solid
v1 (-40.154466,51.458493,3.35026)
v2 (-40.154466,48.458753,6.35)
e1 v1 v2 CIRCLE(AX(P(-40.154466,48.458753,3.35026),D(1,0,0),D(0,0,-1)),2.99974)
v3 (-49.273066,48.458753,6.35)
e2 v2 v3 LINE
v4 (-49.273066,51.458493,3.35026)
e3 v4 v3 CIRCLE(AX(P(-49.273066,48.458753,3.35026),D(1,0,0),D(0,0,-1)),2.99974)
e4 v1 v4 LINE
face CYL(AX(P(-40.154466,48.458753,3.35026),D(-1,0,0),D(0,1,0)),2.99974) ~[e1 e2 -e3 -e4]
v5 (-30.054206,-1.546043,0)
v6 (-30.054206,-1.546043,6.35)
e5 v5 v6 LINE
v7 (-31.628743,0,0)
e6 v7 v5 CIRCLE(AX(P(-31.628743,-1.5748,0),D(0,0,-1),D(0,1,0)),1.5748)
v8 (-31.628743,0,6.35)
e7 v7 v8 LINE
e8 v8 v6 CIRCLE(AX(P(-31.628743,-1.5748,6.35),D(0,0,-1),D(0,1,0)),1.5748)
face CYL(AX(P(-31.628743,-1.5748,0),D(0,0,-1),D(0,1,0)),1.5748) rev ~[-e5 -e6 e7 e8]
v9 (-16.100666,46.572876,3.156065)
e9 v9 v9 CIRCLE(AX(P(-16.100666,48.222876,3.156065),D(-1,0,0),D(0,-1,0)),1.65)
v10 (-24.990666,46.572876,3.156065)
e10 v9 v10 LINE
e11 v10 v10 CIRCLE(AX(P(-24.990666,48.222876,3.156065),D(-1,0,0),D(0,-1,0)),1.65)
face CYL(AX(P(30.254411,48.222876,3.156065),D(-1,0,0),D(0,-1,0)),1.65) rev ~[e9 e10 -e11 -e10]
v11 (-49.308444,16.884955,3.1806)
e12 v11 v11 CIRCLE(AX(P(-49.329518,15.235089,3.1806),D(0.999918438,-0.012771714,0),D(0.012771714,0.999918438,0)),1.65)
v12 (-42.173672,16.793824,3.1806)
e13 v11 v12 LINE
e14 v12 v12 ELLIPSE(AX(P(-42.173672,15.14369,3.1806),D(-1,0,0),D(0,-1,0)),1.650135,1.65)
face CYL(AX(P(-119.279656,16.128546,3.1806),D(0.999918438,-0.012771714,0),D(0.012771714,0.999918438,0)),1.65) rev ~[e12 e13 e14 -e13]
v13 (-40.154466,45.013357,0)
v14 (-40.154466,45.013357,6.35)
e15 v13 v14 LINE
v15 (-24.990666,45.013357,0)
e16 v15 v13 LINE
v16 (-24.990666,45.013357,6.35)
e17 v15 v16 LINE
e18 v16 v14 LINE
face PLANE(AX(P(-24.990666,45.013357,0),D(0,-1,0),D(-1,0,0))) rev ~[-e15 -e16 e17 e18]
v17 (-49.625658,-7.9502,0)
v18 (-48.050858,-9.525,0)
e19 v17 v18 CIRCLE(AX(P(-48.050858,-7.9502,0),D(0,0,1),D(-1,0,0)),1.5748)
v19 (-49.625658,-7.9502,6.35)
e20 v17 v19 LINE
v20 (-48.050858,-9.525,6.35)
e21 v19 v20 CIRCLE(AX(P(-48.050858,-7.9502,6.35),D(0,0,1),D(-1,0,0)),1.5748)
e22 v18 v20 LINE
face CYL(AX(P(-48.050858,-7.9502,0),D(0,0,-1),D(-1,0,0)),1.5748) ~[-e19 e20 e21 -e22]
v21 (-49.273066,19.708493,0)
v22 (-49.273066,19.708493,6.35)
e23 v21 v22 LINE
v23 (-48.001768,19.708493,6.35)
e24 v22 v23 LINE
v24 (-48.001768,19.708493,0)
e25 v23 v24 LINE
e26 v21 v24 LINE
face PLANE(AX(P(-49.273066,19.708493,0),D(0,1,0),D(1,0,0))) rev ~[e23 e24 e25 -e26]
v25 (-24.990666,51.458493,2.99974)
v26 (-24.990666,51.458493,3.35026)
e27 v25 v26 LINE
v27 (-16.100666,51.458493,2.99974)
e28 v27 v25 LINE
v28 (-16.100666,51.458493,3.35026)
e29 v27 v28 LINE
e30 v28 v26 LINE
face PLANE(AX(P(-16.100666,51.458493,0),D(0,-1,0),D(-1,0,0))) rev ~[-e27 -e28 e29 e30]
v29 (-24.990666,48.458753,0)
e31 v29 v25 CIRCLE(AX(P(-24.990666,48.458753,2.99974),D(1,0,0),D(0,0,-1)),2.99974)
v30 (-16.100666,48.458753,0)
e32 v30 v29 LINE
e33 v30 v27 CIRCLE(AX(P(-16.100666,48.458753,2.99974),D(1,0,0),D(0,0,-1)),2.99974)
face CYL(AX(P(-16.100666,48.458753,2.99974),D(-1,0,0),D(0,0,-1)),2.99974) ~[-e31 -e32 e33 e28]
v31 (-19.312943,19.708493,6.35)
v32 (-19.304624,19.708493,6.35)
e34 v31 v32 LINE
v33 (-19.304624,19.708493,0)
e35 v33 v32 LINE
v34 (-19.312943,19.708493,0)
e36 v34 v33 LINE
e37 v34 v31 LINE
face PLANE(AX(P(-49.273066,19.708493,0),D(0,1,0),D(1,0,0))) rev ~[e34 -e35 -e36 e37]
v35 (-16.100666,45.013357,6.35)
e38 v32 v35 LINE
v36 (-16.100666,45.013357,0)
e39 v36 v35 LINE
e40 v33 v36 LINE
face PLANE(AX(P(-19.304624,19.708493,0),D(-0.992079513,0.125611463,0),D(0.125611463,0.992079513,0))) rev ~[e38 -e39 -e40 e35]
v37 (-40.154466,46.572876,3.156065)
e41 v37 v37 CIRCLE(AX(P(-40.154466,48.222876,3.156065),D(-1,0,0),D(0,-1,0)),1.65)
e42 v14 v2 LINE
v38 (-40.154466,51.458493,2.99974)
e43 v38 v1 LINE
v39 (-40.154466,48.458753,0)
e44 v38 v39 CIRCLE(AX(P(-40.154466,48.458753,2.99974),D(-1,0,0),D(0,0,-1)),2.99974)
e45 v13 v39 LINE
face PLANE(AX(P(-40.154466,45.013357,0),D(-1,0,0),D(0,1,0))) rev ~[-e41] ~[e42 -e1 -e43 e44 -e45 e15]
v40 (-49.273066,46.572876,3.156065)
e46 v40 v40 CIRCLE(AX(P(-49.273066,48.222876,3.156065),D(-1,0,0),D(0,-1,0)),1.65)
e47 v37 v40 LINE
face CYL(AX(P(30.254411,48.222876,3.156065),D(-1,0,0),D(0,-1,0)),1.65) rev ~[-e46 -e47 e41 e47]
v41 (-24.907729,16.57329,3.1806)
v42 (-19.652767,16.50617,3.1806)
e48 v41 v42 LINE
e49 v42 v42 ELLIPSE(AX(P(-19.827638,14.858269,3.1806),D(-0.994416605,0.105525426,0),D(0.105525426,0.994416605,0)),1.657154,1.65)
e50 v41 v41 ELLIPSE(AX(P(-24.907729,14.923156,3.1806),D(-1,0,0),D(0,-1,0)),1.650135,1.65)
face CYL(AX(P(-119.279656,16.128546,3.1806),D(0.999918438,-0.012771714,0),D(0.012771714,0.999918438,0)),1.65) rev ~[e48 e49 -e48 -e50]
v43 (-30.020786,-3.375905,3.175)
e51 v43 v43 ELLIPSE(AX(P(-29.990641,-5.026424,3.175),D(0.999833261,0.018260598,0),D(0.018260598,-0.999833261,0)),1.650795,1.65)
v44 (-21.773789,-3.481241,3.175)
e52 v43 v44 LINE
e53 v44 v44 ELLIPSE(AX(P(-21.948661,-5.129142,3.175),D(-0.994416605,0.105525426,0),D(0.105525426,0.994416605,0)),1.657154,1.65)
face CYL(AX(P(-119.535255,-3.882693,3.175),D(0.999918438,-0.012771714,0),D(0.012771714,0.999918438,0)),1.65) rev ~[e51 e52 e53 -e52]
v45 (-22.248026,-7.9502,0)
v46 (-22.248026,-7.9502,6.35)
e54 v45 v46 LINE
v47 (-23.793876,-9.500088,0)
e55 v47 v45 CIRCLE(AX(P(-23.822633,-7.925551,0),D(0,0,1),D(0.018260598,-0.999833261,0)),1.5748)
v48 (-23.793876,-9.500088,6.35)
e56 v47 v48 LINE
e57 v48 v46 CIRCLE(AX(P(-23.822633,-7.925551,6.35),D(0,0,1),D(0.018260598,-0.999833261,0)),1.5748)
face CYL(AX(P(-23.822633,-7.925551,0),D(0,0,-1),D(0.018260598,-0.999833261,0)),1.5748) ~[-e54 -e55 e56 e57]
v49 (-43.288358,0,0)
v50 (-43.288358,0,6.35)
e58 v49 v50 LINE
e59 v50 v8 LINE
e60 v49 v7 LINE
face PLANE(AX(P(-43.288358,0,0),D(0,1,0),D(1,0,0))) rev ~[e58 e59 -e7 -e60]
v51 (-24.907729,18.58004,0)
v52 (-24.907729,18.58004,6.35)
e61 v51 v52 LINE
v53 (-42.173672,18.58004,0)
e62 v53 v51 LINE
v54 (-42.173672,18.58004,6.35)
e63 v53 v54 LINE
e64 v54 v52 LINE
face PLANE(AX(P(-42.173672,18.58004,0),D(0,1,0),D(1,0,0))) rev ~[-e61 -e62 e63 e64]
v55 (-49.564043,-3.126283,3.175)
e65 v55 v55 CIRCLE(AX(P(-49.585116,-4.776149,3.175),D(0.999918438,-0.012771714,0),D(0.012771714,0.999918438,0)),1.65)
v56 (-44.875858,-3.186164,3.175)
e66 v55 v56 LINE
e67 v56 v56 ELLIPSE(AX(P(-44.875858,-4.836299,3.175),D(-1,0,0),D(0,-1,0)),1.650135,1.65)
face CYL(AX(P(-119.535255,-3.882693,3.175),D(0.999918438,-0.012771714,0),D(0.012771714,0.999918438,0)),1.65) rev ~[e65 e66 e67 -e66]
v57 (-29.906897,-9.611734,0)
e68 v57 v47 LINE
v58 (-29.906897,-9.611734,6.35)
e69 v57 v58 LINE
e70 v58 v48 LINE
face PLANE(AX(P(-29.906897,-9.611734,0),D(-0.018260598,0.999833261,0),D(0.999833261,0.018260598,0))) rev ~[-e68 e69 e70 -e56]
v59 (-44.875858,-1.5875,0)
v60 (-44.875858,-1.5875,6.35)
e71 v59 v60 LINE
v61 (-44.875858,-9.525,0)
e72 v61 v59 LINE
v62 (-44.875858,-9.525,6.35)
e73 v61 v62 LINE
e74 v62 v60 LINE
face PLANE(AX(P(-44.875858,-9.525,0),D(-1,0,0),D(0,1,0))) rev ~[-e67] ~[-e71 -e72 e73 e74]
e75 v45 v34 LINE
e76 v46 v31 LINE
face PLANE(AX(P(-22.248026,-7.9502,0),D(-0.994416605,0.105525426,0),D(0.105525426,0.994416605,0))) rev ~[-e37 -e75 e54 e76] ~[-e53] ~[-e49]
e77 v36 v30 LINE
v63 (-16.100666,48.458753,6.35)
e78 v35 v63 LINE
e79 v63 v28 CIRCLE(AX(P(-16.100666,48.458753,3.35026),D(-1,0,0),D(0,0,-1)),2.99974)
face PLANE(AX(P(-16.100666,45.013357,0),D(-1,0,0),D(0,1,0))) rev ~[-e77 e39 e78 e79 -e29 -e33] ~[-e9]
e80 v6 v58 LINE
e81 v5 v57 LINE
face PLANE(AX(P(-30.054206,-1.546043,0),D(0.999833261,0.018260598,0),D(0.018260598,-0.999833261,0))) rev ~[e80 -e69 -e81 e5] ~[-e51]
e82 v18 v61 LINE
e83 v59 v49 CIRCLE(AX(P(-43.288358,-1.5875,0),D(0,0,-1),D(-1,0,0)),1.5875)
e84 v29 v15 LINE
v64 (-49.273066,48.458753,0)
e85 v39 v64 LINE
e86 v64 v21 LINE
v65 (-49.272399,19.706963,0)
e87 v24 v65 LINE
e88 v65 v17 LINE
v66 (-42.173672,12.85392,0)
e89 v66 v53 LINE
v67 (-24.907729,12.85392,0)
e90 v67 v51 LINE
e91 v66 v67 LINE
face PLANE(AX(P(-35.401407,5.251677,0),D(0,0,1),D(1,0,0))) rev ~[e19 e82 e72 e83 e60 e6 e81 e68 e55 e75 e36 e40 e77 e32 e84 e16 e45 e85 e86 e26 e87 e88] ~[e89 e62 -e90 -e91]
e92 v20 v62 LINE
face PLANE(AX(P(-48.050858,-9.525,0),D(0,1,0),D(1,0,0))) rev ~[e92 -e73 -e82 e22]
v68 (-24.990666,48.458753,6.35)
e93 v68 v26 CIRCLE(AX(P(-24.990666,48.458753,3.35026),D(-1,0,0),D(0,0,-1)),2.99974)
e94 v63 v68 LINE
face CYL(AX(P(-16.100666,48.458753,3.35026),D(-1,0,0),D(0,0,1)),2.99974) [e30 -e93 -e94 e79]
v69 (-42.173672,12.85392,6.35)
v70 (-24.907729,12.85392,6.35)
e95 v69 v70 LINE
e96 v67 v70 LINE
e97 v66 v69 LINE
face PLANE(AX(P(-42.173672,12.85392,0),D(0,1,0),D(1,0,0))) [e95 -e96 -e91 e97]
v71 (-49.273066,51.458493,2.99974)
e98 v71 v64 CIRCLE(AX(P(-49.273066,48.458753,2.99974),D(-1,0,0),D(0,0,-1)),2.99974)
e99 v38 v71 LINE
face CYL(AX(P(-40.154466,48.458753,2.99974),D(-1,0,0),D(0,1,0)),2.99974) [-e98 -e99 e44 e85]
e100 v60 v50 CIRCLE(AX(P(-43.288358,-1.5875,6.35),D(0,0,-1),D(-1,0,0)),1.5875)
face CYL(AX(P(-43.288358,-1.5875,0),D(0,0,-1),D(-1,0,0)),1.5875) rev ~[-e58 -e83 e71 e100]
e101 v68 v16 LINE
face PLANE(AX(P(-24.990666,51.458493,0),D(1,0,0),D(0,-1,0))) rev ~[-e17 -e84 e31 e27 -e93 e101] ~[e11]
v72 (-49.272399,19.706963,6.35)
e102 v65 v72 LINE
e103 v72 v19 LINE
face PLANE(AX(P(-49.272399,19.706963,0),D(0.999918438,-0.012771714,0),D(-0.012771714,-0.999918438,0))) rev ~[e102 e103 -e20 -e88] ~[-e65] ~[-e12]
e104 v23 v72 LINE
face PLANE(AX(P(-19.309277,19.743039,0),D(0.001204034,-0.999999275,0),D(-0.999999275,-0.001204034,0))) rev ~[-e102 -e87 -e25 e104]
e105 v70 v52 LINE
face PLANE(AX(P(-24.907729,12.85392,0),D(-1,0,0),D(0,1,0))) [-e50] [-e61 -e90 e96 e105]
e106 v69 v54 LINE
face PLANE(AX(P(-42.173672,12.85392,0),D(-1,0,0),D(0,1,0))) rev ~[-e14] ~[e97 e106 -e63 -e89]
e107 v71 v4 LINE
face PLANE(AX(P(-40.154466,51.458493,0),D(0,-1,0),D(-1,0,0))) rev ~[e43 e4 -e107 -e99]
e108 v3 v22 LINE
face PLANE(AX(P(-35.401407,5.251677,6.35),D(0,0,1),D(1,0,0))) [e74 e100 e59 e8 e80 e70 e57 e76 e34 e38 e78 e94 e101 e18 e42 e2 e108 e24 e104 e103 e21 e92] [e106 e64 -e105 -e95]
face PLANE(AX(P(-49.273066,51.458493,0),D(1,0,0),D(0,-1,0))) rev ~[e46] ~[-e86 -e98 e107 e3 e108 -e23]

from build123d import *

# Parameters (mm, degrees)
F1_DEPTH = 6.35
F3_D     = 3.3
F4_R     = 2.99974
F5_W     = 17.2659438103
F5_H     = 5.7261204347
F6_DEPTH = 6.35
F8_D     = 3.3
F10_D    = 3.3


with BuildPart() as f1:
    # F0 (on Top) → F1 (new body)
    with BuildSketch(Plane.XY):
        Polygon((-40.1544658885, 51.4584925147), (-49.2730658885, 51.4584925147), (-49.2730658885, 19.7084925147), (-19.3046238273, 19.7084925147), (-16.1006658885, 45.0133569539), (-16.1006658885, 51.4584925147), (-24.9906658885, 51.4584925147), (-24.9906658885, 45.0133569539), (-40.1544658885, 45.0133569539), align=None)
    extrude(amount=F1_DEPTH)

    # F3 (through all)
    with Locations(Plane.YZ.offset(-16.1006658885)):
        with Locations((48.2228761828, 3.1560653739)):
            Hole(F3_D / 2)

    # F4
    f4_edges = [f1.edges().sort_by_distance(p)[0] for p in [
        (-20.545666, 51.458493, 0),
        (-20.545666, 51.458493, 6.35),
        (-44.713766, 51.458493, 0),
        (-44.713766, 51.458493, 6.35),
    ]]
    fillet(f4_edges, radius=F4_R)

    # F5 (on Top) → F6 (join)
    with BuildSketch(Plane.XY):
        with BuildLine():
            Line((-48.0508575901, -9.525), (-44.8758575901, -9.525))
            Line((-44.8758575901, -9.525), (-44.8758575901, -1.5875))
            ThreePointArc((-44.8758575901, -1.5875), (-44.4108896053, -0.4649679849), (-43.2883575901, 0))
            Line((-43.2883575901, 0), (-31.6287431982, 0))
            ThreePointArc((-31.6287431982, 0), (-30.5254053426, -0.4511271755), (-30.0542057782, -1.54604321))
            Line((-30.0542057782, -1.54604321), (-29.9068968743, -9.6117341891))
            Line((-29.9068968743, -9.6117341891), (-23.7938760812, -9.5000881572))
            ThreePointArc((-23.7938760812, -9.5000881572), (-22.7076296204, -9.03764911), (-22.248025792, -7.9502))
            Line((-22.248025792, -7.9502), (-19.3092767149, 19.7430392682))
            Line((-19.3092767149, 19.7430392682), (-49.2723993957, 19.7069626302))
            Line((-49.2723993957, 19.7069626302), (-49.6256575901, -7.9502))
            ThreePointArc((-49.6256575901, -7.9502), (-49.1644093491, -9.063751759), (-48.0508575901, -9.525))
        make_face()
        with Locations((-33.5407005623, 15.7169797458)):
            Rectangle(F5_W, F5_H, mode=Mode.SUBTRACT)
    extrude(amount=F6_DEPTH)

    # F8 (through all)
    with Locations(Plane(origin=(-49.516033415, 0.6324562209, 0), x_dir=(-0.0127717144, -0.9999184383, 0), z_dir=(-0.9999184383, 0.0127717144, 0))):
        with Locations((5.4090460762, 3.175)):
            Hole(F8_D / 2)

    # F10 (through all)
    with Locations(Plane(origin=(-49.516033415, 0.6324562209, 0), x_dir=(-0.0127717144, -0.9999184383, 0), z_dir=(-0.9999184383, 0.0127717144, 0))):
        with Locations((-14.6038243547, 3.1806000043)):
            Hole(F10_D / 2)


solid = f1.part
